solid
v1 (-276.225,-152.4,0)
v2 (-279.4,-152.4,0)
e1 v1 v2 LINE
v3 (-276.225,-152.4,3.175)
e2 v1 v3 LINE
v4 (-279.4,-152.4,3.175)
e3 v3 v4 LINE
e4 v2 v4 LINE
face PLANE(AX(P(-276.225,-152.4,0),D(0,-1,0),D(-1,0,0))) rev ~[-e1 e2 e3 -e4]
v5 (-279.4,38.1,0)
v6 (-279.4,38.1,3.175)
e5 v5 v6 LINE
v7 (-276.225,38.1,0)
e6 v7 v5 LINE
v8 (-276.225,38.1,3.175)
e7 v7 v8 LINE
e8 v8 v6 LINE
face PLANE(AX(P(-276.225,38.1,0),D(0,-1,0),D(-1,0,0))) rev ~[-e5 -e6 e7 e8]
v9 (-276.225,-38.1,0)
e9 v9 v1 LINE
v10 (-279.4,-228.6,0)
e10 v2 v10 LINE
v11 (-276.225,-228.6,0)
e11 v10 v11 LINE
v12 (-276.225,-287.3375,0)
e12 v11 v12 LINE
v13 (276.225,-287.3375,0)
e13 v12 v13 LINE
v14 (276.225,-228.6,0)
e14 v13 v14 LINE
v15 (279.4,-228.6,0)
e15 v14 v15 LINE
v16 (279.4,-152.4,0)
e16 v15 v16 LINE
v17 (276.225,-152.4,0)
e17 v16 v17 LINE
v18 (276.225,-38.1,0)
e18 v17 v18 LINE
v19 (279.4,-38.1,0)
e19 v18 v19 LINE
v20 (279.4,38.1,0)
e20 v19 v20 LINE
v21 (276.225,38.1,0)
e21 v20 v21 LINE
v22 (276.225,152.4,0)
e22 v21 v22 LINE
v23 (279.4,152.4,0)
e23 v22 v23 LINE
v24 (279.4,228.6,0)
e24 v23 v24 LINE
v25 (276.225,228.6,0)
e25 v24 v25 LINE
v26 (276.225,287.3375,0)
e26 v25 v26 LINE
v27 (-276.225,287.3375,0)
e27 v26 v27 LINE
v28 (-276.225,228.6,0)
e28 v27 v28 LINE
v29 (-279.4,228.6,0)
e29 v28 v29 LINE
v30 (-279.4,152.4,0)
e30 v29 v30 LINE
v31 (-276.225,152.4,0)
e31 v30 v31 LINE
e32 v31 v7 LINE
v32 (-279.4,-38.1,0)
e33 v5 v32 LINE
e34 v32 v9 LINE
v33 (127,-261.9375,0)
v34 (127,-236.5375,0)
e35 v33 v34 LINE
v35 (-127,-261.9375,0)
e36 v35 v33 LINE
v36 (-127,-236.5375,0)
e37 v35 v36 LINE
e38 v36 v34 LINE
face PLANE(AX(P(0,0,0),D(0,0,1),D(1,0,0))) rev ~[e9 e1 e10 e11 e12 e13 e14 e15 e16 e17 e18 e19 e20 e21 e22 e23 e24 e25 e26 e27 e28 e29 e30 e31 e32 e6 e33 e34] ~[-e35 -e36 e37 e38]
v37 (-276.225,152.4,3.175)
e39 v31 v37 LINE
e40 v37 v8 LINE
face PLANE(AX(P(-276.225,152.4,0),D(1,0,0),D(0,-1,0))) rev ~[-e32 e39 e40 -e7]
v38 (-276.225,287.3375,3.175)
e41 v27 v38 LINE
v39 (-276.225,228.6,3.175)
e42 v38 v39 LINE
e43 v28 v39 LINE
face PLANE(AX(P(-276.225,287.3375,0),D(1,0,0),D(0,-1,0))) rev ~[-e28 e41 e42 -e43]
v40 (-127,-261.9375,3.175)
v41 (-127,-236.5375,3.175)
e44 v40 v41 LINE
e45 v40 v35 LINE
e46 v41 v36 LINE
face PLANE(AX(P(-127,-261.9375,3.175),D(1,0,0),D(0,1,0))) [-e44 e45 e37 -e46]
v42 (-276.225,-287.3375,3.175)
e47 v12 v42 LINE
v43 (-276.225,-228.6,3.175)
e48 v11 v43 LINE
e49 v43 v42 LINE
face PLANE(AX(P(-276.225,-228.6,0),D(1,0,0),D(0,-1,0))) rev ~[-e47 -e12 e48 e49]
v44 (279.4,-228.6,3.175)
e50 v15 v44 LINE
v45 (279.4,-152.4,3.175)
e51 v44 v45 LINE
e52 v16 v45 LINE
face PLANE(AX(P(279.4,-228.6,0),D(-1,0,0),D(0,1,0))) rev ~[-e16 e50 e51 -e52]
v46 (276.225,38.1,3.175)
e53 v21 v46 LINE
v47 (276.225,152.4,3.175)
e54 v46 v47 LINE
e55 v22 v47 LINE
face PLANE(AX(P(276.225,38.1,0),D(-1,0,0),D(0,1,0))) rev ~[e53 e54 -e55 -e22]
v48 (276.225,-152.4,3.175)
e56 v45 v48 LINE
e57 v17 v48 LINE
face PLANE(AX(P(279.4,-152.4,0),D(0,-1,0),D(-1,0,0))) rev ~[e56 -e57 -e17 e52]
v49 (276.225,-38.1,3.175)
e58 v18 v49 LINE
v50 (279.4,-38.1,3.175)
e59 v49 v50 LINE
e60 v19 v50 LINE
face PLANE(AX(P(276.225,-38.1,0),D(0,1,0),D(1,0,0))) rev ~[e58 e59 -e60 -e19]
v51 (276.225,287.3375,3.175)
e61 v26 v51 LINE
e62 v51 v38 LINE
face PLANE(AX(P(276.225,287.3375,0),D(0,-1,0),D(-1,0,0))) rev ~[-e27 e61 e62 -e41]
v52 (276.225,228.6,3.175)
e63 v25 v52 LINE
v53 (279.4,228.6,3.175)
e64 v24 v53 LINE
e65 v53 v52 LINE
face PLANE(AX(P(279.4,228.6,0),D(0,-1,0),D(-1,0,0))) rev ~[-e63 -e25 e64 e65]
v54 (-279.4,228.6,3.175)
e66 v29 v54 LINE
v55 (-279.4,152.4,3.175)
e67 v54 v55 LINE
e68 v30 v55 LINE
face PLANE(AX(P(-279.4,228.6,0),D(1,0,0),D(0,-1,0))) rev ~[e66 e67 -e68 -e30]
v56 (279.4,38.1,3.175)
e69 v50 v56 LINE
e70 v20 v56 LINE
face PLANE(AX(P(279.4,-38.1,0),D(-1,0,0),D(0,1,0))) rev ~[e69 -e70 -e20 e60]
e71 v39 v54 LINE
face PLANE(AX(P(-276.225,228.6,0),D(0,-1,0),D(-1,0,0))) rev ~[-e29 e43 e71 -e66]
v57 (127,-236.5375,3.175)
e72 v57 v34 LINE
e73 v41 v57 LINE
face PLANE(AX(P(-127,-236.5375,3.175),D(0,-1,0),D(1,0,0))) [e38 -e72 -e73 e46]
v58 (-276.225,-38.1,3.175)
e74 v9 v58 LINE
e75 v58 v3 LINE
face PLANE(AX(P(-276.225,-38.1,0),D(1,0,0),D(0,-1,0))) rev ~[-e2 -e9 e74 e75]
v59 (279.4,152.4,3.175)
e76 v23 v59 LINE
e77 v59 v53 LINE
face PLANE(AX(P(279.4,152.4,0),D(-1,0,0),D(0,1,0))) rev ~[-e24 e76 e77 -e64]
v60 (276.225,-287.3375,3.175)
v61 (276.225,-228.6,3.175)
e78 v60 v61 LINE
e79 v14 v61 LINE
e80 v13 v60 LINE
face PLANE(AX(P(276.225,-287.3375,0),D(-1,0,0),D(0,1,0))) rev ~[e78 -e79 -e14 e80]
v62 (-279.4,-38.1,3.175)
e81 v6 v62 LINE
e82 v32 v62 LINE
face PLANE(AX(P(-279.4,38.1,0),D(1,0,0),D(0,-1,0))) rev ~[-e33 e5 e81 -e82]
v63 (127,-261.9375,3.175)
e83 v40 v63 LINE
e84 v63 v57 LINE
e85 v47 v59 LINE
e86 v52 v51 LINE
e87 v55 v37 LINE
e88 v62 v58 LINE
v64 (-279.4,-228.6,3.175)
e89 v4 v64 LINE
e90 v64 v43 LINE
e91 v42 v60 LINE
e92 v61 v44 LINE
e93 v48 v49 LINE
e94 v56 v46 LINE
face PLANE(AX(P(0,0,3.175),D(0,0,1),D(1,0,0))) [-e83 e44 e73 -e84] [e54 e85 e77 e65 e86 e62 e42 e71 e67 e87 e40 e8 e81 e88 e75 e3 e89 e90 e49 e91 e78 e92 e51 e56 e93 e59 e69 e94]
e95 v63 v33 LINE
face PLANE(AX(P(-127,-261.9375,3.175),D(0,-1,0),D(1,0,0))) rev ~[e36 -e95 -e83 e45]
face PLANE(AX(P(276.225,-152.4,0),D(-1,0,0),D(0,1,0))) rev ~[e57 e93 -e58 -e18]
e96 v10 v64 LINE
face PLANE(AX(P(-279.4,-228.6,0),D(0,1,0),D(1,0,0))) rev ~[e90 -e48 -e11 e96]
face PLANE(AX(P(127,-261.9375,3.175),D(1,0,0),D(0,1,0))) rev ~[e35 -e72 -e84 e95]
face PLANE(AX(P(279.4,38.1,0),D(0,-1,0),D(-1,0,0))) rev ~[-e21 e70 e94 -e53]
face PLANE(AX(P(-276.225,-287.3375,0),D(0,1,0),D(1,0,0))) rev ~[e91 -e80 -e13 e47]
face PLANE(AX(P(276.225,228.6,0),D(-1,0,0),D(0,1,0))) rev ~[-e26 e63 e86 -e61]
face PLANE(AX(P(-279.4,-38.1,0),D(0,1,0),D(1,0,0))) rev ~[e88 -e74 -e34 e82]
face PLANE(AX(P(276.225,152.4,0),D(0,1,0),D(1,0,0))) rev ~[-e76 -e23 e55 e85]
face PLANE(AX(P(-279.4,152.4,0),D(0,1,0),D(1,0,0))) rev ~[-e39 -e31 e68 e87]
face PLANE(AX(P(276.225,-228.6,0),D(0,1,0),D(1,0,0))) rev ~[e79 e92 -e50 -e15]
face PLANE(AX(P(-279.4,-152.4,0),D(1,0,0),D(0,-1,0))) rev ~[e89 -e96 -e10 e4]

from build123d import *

# Parameters (mm, degrees)
F1_DEPTH = 3.175
F2_W     = 254
F2_H     = 25.4
F3_DEPTH = 3.176


with BuildPart() as f1:
    # F0 (on Top) → F1 (new body)
    with BuildSketch(Plane.XY):
        Polygon((-276.225, -287.3375), (276.225, -287.3375), (276.225, -228.6), (279.4, -228.6), (279.4, -152.4), (276.225, -152.4), (276.225, -38.1), (279.4, -38.1), (279.4, 38.1), (276.225, 38.1), (276.225, 152.4), (279.4, 152.4), (279.4, 228.6), (276.225, 228.6), (276.225, 287.3375), (-276.225, 287.3375), (-276.225, 228.6), (-279.4, 228.6), (-279.4, 152.4), (-276.225, 152.4), (-276.225, 38.1), (-279.4, 38.1), (-279.4, -38.1), (-276.225, -38.1), (-276.225, -152.4), (-279.4, -152.4), (-279.4, -228.6), (-276.225, -228.6), align=None)
    extrude(amount=F1_DEPTH)

    # F2 (on face) → F3 (cut, through all)
    with BuildSketch(Plane.XY.offset(3.175)):
        with Locations((0, -249.2375)):
            Rectangle(F2_W, F2_H)
    extrude(amount=-F3_DEPTH, mode=Mode.SUBTRACT)


solid = f1.part
